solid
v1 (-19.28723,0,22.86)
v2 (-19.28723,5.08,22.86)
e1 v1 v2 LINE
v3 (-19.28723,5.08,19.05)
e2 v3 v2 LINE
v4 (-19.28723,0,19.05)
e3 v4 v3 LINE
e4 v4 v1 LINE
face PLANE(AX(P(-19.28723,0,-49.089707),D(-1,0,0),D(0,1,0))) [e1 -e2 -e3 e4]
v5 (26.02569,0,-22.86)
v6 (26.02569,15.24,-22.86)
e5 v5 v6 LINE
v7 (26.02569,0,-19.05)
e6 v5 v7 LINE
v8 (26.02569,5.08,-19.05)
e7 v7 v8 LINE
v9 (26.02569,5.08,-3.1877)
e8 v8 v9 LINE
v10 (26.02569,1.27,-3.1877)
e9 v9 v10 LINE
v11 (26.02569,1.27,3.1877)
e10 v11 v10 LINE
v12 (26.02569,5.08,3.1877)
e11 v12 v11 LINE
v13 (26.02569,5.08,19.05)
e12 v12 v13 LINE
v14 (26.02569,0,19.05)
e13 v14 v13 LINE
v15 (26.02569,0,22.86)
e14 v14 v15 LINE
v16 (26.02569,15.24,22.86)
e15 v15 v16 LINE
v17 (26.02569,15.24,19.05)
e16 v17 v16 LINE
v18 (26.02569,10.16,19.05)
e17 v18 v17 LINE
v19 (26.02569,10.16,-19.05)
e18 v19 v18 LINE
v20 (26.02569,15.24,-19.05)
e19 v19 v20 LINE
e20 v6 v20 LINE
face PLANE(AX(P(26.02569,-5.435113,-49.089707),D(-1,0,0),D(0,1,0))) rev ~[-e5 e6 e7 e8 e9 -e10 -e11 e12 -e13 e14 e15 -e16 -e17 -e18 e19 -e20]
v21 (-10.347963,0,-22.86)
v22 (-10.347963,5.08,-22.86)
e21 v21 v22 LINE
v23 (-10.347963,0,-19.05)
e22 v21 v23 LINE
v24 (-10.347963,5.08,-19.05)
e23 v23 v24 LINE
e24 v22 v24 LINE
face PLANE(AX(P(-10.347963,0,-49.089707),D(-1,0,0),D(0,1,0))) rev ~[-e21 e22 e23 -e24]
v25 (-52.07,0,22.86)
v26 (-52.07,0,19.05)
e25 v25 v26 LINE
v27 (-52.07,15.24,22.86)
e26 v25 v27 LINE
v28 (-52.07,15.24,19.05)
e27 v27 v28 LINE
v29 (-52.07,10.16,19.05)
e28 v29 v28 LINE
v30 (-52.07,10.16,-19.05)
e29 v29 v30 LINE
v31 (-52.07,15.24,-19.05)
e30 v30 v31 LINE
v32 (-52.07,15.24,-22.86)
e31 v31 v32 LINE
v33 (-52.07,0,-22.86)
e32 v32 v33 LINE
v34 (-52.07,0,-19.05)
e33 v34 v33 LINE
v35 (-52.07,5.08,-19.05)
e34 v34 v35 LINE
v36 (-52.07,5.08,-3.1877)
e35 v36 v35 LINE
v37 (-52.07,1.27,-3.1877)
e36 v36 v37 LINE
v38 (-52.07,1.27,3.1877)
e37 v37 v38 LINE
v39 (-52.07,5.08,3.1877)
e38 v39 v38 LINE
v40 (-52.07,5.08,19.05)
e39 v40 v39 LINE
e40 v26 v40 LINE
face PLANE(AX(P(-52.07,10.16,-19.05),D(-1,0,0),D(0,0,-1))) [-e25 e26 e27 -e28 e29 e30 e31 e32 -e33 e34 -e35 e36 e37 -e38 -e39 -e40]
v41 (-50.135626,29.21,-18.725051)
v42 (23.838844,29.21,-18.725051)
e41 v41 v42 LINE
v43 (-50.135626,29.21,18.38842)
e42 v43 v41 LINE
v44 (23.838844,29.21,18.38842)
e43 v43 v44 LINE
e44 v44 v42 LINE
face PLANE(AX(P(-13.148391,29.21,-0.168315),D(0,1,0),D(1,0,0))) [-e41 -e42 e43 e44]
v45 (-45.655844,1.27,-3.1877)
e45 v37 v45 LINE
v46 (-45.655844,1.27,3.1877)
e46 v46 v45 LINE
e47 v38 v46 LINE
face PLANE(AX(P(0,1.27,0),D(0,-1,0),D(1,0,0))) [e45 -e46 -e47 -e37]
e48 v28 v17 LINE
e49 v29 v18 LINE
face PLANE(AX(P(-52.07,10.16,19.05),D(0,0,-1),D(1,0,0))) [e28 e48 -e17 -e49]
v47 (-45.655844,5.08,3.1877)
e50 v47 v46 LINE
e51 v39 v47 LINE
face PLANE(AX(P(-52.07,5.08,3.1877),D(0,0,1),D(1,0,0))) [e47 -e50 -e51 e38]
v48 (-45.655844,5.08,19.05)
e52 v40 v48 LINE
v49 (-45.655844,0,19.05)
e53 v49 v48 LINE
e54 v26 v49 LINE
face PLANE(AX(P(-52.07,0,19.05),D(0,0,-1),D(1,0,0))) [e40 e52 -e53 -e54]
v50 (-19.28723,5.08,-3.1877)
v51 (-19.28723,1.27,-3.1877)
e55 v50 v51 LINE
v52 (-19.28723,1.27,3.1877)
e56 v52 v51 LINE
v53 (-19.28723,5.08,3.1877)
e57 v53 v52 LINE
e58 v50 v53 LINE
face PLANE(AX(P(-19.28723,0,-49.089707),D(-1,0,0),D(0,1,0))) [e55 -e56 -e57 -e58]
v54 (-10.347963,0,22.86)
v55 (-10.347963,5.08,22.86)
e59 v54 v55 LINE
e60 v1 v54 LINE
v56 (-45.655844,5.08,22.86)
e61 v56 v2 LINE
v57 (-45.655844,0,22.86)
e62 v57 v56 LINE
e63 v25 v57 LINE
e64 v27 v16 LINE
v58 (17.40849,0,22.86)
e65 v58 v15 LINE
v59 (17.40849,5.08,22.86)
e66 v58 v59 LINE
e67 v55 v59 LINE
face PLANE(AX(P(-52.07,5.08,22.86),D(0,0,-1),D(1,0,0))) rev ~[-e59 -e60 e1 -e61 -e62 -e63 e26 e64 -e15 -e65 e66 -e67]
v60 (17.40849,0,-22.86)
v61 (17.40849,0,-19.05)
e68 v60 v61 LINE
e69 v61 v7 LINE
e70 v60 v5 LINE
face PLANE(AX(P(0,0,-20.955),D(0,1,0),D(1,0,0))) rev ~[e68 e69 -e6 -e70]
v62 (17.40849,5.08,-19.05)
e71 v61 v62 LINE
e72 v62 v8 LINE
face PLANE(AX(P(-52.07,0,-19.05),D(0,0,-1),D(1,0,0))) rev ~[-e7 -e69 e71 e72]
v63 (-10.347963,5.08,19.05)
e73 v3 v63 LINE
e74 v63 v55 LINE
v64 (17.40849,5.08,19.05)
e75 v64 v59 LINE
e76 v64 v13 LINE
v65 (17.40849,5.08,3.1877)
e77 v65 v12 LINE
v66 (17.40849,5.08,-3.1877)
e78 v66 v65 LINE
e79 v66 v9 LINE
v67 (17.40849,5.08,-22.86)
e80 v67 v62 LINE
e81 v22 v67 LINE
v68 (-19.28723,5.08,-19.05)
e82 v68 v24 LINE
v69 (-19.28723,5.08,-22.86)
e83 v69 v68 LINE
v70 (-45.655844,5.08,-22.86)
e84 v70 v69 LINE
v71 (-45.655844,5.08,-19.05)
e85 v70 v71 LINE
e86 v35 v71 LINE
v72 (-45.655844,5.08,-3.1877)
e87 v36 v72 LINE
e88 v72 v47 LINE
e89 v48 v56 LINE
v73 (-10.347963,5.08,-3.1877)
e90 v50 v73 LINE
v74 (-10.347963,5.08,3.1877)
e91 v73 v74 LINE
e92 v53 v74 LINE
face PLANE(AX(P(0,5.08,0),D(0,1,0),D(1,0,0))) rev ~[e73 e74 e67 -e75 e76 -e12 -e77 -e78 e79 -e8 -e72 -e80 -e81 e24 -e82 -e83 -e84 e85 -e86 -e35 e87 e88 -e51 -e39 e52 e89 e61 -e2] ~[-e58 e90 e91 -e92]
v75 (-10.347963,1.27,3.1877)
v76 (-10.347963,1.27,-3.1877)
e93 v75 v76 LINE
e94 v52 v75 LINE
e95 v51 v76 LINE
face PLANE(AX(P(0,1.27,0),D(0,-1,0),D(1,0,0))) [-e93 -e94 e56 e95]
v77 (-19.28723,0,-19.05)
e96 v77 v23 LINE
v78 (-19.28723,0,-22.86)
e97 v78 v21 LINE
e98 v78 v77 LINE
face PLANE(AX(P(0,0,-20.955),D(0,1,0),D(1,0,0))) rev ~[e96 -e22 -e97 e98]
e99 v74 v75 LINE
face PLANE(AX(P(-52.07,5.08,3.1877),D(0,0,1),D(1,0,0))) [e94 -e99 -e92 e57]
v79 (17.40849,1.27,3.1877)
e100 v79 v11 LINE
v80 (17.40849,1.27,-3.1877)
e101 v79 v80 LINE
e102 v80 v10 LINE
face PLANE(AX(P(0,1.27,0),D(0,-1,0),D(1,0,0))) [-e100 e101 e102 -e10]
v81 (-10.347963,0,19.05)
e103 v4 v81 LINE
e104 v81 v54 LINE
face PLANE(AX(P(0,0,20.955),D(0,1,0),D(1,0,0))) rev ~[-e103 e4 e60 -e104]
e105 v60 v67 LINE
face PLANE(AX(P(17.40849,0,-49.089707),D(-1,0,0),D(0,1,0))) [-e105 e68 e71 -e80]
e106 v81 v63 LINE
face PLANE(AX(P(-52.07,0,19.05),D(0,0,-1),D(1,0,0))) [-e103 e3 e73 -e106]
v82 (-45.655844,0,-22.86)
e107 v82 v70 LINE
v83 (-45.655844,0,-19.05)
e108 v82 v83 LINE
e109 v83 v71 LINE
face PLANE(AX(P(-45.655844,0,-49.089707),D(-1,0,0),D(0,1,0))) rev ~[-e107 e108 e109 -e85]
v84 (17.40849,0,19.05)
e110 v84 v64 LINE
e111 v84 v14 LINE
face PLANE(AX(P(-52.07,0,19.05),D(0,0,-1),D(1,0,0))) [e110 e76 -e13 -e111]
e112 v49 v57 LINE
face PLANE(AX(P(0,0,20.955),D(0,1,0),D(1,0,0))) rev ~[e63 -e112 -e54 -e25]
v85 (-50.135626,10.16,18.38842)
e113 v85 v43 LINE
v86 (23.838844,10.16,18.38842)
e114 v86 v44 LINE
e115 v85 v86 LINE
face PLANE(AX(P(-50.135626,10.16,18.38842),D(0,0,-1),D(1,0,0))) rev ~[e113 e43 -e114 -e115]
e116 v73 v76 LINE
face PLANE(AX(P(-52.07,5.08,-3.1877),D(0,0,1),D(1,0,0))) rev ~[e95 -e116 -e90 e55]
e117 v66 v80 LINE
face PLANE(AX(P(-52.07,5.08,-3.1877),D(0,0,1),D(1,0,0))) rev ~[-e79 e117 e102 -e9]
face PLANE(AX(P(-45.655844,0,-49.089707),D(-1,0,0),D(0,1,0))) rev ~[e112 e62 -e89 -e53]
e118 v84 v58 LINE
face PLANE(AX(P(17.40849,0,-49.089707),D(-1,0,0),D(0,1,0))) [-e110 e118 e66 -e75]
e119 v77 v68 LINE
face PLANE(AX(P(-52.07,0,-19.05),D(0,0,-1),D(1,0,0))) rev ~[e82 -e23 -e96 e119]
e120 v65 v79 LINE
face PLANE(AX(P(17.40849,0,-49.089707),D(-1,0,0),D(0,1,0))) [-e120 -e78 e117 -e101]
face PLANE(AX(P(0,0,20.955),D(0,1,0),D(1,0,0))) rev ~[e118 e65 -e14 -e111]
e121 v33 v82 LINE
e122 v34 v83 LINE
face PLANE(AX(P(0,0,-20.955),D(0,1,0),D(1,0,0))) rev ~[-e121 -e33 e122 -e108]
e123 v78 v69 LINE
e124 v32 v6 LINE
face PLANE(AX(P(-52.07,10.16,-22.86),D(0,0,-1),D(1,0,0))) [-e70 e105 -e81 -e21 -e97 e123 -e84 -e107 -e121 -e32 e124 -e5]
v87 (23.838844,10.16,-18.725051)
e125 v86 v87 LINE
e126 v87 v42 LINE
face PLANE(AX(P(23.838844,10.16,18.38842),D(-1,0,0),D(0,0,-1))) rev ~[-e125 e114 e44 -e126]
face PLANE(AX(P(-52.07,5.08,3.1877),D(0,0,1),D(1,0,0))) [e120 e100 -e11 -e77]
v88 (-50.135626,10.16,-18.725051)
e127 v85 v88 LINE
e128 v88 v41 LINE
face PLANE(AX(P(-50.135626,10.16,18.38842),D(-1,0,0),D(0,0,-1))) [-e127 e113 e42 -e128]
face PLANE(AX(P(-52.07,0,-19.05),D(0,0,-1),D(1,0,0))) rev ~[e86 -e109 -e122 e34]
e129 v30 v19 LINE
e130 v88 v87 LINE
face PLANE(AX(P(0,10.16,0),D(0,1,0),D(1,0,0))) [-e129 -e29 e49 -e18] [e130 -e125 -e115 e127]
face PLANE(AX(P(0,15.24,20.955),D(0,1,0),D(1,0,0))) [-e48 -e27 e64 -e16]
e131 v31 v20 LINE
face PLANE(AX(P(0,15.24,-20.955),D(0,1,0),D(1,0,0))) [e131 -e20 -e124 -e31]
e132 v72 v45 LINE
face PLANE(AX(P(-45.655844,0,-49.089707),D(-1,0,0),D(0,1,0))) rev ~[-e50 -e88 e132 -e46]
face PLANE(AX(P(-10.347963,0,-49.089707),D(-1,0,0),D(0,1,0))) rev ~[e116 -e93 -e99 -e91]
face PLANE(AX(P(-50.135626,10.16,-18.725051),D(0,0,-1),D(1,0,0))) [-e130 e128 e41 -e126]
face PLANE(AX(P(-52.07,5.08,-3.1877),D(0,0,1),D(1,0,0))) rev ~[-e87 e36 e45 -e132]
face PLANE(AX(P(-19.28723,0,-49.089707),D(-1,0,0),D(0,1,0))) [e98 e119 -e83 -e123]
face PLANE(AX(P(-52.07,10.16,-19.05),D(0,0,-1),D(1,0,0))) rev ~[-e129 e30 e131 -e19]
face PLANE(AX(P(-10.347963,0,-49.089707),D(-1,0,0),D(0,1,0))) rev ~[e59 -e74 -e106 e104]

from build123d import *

# Parameters (mm, degrees)
SKETCH1_W               = 104.14
SKETCH1_H               = 3.81
BOSS_EXTRUDE1_DEPTH     = 5.08
BOSS_EXTRUDE1_2_DEPTH   = 5.08
SKETCH2_W               = 104.14
SKETCH2_H               = 45.72
BOSS_EXTRUDE2_DEPTH     = 5.08
SKETCH3_W               = 104.14
SKETCH3_H               = 3.81
BOSS_EXTRUDE3_DEPTH     = 5.08
SKETCH4_W               = 104.14
SKETCH4_H               = 6.3754
BOSS_EXTRUDE4_DEPTH     = 3.81
CUT_EXTRUDE1_DEPTH      = 71.949706835
CUT_EXTRUDE1_DEPTH_BACK = 71.949706835
SKETCH5_W               = 26.368614406
SKETCH5_H               = 5.08
SKETCH5_W_2             = 27.756452018
SKETCH5_W_3             = 30.305435834
SKETCH5_H_2             = 26.045246771
SKETCH6_W               = 73.974469525
SKETCH6_H               = 37.113471059
BOSS_EXTRUDE5_DEPTH     = 19.05


with BuildPart() as part:
    # Sketch1 → Boss-Extrude1 (new body)
    with BuildSketch(Plane(origin=(0, 0, 0), x_dir=(1, 0, 0), z_dir=(0, 1, 0))):
        with Locations((0, -20.955)):
            Rectangle(SKETCH1_W, SKETCH1_H)
    extrude(amount=BOSS_EXTRUDE1_DEPTH)



with BuildPart() as body_2:
    # Sketch1 → Boss-Extrude1 2 (new body)
    with BuildSketch(Plane(origin=(0, 0, 0), x_dir=(1, 0, 0), z_dir=(0, 1, 0))):
        with Locations((0, 20.955)):
            Rectangle(SKETCH1_W, SKETCH1_H)
    extrude(amount=BOSS_EXTRUDE1_2_DEPTH)


with BuildPart() as part_1:
    add(part.part)

    add(body_2.part)  # Boss-Extrude2 merges body 2
    # Sketch2 → Boss-Extrude2 (add)
    with BuildSketch(Plane(origin=(0, 5.08, 0), x_dir=(1, 0, 0), z_dir=(0, 1, 0))):
        Rectangle(SKETCH2_W, SKETCH2_H)
    extrude(amount=BOSS_EXTRUDE2_DEPTH)

    # Sketch3 → Boss-Extrude3 (add)
    with BuildSketch(Plane(origin=(0, 10.16, 0), x_dir=(1, 0, 0), z_dir=(0, 1, 0))):
        with Locations((0, 20.955)):
            Rectangle(SKETCH3_W, SKETCH3_H)
        with Locations((0, -20.955)):
            Rectangle(SKETCH3_W, SKETCH3_H)
    extrude(amount=BOSS_EXTRUDE3_DEPTH)

    # Sketch4 → Boss-Extrude4 (add)
    with BuildSketch(Plane.XZ.offset(-5.08)):
        Rectangle(SKETCH4_W, SKETCH4_H)
    extrude(amount=BOSS_EXTRUDE4_DEPTH)

    # Sketch5 → Cut-Extrude1 (cut, two sides: drawn at the far end of the back side and taken through both)
    with BuildSketch(Plane.XY.offset(22.86).offset(-CUT_EXTRUDE1_DEPTH_BACK)):
        with Locations((-32.471537131, 2.54)):
            Rectangle(SKETCH5_W, SKETCH5_H)
        with Locations((3.530263491, 2.54)):
            Rectangle(SKETCH5_W_2, SKETCH5_H)
        with Locations((41.178408022, 7.587510726)):
            Rectangle(SKETCH5_W_3, SKETCH5_H_2)
    extrude(amount=CUT_EXTRUDE1_DEPTH + CUT_EXTRUDE1_DEPTH_BACK, mode=Mode.SUBTRACT)

    # Sketch6 → Boss-Extrude5 (add)
    with BuildSketch(Plane(origin=(0, 10.16, 0), x_dir=(1, 0, 0), z_dir=(0, 1, 0))):
        with Locations((-13.148391244, 0.168315062)):
            Rectangle(SKETCH6_W, SKETCH6_H)
    extrude(amount=BOSS_EXTRUDE5_DEPTH)


solid = part_1.part
